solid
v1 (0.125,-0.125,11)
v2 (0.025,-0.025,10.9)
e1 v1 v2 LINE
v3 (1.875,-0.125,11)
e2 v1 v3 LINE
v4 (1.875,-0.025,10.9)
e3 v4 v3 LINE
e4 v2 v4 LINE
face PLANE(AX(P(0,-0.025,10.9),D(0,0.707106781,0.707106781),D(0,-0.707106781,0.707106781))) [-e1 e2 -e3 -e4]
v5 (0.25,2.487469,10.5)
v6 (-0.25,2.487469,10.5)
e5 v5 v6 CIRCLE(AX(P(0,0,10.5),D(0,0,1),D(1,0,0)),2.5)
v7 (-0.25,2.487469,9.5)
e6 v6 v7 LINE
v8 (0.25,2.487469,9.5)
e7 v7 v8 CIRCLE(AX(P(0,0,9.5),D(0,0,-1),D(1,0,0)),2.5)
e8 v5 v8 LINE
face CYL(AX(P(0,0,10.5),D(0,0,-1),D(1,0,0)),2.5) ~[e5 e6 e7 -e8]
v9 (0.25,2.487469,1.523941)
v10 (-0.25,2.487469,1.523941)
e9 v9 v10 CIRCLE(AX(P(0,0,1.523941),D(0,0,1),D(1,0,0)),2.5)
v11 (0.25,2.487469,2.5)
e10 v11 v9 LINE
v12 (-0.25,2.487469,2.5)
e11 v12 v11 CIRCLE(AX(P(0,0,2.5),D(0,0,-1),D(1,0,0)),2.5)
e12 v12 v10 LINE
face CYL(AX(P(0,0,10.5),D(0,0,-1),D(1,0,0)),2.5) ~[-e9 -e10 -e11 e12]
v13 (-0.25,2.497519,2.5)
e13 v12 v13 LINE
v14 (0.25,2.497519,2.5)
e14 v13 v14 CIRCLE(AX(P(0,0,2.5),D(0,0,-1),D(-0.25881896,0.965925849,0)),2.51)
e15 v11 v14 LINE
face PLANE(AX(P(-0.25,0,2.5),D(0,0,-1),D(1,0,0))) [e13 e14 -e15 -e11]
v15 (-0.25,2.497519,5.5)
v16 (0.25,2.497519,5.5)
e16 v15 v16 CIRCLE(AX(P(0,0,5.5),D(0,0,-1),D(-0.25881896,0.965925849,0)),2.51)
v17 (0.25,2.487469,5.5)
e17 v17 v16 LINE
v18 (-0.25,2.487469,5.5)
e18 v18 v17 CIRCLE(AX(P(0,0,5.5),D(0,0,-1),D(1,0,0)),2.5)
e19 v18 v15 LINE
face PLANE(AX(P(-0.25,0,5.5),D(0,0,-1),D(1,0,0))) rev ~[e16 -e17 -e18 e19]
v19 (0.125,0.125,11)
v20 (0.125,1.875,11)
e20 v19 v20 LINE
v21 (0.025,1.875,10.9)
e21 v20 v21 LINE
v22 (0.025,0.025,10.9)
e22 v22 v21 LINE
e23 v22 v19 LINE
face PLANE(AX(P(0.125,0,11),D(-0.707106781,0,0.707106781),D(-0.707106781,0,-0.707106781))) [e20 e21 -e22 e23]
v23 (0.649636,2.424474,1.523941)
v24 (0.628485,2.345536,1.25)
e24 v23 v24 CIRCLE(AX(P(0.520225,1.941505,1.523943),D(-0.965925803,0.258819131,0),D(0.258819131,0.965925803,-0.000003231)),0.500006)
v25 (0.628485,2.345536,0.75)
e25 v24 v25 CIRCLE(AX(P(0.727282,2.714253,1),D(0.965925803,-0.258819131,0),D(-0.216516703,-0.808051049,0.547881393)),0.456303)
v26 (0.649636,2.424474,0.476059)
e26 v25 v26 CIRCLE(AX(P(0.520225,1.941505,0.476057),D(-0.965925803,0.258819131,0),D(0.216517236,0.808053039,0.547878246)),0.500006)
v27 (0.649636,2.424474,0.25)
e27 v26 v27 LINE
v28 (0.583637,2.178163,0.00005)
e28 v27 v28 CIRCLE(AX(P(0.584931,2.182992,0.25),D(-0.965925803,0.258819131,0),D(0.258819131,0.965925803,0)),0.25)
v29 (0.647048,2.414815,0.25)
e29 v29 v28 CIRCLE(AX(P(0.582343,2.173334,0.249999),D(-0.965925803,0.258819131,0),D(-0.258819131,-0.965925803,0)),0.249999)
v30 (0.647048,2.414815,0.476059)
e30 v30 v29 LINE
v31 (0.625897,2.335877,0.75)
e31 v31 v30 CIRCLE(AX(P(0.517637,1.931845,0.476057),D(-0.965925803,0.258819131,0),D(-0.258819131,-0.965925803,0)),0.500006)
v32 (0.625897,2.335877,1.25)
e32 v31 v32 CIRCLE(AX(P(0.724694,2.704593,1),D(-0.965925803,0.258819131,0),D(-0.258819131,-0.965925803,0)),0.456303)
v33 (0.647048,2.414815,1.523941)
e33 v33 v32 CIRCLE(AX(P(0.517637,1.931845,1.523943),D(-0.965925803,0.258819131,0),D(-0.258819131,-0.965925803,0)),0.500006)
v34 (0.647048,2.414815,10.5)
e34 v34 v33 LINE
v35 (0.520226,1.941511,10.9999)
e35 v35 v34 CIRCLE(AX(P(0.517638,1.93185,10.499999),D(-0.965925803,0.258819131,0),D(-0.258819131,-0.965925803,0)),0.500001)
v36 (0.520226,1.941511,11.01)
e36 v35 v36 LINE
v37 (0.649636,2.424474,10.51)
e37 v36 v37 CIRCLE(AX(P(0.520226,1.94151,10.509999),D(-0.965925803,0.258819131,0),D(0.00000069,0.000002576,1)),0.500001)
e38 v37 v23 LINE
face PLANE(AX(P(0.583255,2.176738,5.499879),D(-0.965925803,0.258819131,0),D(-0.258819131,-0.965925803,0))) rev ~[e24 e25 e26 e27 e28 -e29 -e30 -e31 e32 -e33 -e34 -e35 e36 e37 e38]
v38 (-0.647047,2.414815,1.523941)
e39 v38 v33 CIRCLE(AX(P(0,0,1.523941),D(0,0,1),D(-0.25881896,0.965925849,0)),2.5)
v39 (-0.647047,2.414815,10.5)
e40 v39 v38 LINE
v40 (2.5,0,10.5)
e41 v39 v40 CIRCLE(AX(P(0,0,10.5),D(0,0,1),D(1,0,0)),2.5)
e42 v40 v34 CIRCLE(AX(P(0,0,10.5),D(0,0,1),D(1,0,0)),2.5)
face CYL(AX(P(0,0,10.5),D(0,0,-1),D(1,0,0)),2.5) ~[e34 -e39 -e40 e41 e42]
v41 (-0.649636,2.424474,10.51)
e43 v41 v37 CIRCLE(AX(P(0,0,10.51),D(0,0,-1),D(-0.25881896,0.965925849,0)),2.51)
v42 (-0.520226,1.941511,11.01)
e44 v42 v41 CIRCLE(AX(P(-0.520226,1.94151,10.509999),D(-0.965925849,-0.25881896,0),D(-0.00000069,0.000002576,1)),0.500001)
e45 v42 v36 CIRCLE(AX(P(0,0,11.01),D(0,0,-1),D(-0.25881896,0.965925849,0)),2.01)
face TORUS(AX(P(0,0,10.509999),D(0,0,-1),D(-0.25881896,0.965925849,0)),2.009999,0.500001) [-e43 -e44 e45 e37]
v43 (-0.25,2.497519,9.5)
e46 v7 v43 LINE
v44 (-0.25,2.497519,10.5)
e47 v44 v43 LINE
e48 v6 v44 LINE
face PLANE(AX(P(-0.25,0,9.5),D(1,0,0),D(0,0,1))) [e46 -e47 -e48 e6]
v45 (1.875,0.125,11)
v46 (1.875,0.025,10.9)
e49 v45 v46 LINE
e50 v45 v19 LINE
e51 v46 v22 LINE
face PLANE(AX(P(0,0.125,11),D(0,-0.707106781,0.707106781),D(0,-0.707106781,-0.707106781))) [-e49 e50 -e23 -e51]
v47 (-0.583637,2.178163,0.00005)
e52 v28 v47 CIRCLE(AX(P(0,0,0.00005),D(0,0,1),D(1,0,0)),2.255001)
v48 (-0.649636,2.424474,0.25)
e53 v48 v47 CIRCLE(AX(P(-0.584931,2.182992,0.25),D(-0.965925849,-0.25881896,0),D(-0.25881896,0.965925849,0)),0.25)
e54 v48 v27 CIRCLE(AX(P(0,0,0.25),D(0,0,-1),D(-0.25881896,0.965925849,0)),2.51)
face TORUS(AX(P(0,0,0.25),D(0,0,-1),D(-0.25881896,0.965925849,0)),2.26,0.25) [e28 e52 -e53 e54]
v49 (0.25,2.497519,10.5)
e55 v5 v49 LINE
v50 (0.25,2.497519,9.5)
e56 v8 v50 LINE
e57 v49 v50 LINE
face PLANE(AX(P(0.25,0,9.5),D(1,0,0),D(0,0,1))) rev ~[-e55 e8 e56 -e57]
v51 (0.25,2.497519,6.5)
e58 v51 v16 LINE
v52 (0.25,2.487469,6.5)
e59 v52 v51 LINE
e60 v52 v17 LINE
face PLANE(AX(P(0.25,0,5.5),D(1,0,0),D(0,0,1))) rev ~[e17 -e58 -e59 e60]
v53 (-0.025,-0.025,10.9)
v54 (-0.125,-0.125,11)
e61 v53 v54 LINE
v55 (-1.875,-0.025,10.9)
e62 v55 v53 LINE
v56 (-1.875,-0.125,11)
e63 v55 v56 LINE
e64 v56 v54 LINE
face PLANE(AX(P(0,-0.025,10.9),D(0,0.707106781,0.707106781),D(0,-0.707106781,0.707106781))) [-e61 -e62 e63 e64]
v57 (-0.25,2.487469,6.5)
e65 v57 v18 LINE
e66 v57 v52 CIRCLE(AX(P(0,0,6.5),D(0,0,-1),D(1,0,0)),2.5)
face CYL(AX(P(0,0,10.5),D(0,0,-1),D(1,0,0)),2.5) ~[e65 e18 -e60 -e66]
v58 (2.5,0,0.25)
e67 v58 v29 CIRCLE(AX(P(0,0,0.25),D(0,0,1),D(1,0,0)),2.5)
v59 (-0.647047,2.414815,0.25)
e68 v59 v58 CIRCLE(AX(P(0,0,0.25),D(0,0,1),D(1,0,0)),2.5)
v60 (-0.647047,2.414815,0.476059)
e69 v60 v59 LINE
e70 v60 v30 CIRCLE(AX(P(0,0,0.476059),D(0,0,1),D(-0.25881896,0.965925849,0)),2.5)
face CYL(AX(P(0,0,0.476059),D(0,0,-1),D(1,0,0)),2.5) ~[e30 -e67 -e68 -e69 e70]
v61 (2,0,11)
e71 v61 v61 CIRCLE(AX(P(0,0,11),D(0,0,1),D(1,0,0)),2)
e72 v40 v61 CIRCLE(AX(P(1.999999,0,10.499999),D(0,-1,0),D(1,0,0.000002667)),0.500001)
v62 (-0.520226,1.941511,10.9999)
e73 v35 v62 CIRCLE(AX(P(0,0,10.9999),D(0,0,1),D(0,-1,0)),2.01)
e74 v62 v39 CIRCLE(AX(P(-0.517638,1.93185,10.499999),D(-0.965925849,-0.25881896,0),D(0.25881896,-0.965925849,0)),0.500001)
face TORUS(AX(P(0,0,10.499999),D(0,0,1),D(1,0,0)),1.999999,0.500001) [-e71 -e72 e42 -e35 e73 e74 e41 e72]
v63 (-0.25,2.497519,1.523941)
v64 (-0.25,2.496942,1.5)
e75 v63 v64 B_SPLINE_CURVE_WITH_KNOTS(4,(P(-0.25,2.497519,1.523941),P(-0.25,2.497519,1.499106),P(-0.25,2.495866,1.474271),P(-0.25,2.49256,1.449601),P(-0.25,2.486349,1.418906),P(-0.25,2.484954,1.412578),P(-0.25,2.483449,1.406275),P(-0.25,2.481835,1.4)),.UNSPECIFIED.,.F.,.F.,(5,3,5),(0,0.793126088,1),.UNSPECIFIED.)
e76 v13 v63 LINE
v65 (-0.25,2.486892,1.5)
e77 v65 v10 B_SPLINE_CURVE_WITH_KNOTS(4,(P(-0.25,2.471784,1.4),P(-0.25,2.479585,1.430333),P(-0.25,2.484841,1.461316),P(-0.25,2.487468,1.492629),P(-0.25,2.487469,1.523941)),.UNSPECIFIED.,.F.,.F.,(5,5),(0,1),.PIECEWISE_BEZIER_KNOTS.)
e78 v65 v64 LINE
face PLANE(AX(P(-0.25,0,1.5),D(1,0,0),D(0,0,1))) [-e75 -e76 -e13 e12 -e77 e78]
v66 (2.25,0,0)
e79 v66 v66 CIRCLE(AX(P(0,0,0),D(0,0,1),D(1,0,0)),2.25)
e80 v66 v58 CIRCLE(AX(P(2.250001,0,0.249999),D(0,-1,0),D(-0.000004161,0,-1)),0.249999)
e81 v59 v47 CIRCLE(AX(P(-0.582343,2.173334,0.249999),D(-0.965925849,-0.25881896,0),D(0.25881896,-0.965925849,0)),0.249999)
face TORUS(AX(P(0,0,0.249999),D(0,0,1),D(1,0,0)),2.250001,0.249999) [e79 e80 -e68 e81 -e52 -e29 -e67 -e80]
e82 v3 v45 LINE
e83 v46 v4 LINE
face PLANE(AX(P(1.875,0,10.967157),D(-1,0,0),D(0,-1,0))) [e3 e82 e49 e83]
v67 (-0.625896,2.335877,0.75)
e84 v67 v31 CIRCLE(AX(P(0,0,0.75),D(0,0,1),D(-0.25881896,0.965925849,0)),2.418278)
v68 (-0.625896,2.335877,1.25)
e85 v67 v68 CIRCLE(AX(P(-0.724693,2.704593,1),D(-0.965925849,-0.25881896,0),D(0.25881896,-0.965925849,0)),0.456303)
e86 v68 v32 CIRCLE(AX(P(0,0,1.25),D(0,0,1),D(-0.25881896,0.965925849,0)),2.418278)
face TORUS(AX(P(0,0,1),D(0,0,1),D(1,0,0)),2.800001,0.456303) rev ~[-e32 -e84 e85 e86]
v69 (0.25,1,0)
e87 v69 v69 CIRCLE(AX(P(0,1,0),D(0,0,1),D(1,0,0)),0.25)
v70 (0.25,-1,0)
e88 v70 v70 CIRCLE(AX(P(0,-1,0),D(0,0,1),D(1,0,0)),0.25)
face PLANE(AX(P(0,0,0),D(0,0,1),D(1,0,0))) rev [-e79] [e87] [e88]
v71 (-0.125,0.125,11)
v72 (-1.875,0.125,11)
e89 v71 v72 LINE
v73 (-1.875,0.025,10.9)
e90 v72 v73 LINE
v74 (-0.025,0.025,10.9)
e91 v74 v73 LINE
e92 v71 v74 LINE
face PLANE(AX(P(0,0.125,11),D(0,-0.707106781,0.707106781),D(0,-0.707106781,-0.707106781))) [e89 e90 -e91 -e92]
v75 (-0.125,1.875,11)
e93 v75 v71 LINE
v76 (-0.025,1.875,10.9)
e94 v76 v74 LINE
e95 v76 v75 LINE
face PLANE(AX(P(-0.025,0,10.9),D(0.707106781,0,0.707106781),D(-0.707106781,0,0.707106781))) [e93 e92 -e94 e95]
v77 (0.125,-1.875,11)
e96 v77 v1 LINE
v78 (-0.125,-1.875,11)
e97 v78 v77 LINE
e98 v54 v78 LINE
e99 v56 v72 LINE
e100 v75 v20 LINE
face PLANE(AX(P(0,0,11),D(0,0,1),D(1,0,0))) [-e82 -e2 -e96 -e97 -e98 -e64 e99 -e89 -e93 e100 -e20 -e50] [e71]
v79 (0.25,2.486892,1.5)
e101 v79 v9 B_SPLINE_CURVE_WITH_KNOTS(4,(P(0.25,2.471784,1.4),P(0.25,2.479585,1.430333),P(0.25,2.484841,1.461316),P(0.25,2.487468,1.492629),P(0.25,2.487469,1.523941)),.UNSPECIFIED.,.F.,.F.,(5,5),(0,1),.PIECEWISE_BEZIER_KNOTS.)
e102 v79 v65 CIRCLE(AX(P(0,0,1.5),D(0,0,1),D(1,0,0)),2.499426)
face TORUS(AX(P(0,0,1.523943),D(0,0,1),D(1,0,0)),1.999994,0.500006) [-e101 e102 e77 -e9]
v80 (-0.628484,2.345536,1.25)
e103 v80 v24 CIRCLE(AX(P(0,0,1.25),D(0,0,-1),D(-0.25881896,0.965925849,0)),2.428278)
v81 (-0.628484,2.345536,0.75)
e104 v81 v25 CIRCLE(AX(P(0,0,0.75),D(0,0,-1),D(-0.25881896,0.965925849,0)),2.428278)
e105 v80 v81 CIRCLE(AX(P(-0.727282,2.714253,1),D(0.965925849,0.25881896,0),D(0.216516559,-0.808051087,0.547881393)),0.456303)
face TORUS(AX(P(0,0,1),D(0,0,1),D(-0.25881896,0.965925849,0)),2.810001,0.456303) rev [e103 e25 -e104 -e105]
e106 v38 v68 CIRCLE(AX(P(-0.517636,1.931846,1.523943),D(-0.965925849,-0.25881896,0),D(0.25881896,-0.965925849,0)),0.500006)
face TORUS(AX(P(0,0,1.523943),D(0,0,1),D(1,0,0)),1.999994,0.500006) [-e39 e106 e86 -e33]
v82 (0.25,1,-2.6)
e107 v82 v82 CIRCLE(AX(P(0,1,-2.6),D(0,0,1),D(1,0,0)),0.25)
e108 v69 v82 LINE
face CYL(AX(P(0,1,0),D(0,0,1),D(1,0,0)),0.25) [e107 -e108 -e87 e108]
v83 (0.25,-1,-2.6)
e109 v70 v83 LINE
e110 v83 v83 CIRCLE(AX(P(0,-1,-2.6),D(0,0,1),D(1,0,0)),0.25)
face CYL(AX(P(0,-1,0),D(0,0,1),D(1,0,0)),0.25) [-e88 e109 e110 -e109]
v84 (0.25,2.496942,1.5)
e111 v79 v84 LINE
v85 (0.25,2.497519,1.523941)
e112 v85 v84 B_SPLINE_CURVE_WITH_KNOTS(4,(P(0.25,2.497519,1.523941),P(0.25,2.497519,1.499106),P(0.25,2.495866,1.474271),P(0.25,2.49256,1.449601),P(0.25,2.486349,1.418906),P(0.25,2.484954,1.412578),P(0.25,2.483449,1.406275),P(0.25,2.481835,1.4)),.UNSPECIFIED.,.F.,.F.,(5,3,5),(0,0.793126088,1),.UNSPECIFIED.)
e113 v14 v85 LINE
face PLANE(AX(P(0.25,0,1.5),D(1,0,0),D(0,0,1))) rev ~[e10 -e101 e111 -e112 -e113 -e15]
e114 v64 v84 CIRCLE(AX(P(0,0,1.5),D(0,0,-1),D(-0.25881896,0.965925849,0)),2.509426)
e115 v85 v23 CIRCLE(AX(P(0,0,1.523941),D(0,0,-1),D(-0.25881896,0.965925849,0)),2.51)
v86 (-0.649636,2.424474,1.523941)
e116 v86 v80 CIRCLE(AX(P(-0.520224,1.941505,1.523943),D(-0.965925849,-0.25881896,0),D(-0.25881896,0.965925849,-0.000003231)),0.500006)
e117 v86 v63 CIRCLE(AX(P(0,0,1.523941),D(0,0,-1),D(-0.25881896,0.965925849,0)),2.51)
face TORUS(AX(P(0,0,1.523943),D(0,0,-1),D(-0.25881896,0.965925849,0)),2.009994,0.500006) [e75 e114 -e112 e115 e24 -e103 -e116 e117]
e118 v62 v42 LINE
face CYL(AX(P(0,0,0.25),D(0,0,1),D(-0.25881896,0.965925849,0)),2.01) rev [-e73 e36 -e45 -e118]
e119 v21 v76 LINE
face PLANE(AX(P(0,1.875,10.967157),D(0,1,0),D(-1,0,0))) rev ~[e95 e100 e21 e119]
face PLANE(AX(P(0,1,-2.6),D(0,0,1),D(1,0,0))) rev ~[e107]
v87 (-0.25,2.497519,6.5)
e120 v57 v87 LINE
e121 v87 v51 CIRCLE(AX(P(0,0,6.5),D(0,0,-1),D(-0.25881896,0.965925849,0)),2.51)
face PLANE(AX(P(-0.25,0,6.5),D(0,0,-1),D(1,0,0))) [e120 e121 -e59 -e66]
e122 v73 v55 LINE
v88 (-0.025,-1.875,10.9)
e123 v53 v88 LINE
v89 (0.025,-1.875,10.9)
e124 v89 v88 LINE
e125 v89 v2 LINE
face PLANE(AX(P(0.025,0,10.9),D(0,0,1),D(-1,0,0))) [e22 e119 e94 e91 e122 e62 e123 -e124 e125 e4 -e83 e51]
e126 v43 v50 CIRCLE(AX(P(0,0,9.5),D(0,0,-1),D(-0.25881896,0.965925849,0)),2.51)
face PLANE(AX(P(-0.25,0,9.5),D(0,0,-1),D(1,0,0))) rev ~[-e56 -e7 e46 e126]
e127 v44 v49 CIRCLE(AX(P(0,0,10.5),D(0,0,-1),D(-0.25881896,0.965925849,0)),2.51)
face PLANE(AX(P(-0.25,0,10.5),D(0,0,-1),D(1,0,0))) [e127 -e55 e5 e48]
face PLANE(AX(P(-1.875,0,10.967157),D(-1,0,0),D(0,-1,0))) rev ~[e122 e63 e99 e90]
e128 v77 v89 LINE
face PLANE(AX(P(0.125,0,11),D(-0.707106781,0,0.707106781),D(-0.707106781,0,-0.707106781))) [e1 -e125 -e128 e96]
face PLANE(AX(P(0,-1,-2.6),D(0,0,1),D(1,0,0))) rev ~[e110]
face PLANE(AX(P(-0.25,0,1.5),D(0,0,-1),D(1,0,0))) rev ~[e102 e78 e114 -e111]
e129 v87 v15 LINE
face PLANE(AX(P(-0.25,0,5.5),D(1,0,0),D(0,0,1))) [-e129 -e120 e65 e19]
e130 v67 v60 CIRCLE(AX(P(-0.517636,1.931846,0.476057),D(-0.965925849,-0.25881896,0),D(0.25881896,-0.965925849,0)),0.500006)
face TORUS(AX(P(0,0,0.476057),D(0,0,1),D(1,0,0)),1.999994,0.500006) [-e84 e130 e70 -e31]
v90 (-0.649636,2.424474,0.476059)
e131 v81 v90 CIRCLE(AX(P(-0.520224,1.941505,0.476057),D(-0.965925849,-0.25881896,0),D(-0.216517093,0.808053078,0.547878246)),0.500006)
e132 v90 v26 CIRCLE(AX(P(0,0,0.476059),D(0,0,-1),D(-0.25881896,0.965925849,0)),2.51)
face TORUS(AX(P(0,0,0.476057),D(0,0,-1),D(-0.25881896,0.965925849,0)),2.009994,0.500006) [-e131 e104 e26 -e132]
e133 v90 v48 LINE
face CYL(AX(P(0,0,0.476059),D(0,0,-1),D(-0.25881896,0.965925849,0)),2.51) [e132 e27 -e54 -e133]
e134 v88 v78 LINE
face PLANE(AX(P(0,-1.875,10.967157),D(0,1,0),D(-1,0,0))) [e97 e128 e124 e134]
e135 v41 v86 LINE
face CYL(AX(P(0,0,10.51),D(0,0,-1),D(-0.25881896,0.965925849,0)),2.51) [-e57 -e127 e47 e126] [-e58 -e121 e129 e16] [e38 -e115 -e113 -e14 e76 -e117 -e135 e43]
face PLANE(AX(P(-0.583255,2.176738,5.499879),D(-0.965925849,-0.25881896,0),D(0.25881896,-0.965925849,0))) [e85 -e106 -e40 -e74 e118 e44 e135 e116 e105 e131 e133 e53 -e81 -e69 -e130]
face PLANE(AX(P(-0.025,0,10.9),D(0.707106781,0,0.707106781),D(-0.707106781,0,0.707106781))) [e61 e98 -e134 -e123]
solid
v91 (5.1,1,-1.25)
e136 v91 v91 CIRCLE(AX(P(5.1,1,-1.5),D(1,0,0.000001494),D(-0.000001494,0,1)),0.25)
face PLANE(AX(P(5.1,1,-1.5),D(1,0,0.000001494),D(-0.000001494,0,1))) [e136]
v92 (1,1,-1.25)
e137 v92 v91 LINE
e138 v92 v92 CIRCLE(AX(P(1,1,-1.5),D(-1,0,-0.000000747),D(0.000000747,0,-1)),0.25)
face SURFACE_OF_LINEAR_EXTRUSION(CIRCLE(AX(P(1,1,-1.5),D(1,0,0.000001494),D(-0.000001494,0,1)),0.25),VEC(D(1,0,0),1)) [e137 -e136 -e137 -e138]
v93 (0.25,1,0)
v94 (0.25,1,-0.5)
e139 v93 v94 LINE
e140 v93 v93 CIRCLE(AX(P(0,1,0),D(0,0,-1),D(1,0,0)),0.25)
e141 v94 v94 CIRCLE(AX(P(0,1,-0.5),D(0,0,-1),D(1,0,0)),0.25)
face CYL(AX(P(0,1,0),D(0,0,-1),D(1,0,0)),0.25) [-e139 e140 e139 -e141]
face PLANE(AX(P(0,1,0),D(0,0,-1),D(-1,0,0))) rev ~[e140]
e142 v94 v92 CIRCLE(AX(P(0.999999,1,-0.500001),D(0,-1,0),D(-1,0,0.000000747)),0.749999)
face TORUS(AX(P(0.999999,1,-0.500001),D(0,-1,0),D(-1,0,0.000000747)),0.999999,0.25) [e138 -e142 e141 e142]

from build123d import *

# Parameters (mm, degrees)
SKETCH003_R         = 0.25
REVOLUTION001_ANGLE = -30
SKETCH015_W         = 0.5
SKETCH015_H         = 1
POCKET002_DEPTH     = 2.511
LINEARPATTERN_COUNT = 3
LINEARPATTERN_PITCH = 4
SKETCH010_R         = 0.25
PAD002_DEPTH        = 2.6
SKETCH013_R         = 2
PAD_DEPTH           = 0.5
POCKET001_DEPTH     = 1.875
POLARPATTERN_COUNT  = 3
POLARPATTERN_ANGLE  = 180
SKETCH012_R         = 2
POCKET_DEPTH        = 0.5


with BuildPart() as leadangledclone:
    # AdditivePipe: sweep along a path in Sketch004
    with BuildLine(Plane.XZ) as additivepipe_path:
        Line((0, 0), (0, -0.5))
        ThreePointArc((0, -0.5), (0.292893, -1.207107), (1, -1.5))
        Line((1, -1.5), (5.1, -1.5))
    # Sketch003 (on ShapeBinder) → AdditivePipe (sweep)
    with BuildSketch(Plane(origin=(0, 0, 0), x_dir=(1, 0, 0), z_dir=(0, 0, -1))):
        with Locations((0, 1)):
            Circle(SKETCH003_R)
    sweep(path=additivepipe_path.line)


with BuildPart() as leadangledclone_1:
    # Body003 placement: moved
    add(leadangledclone.part.moved(Location((0, 2, 0))))


with BuildPart() as polaritymarking:
    # Sketch005 → Revolution001 (revolve)
    with BuildSketch(Plane(origin=(0, 0, 0), x_dir=(-0.258819, 0.965926, 0), z_dir=(0.965926, 0.258819, 0))):
        with BuildLine():
            Line((2.01, 0.25), (2.01, 11.01))
            ThreePointArc((2.01, 11.01), (2.363553, 10.863553), (2.51, 10.51))
            Line((2.51, 10.51), (2.51, 1.523941))
            ThreePointArc((2.51, 1.523941), (2.489134, 1.381006), (2.428278, 1.25))
            ThreePointArc((2.428278, 1.25), (2.353698, 1), (2.428278, 0.75))
            ThreePointArc((2.428278, 0.75), (2.489134, 0.618994), (2.51, 0.476059))
            Line((2.51, 0.476059), (2.51, 0.25))
            ThreePointArc((2.51, 0.25), (2.26, 0), (2.01, 0.25))
        make_face()
    revolve(axis=Axis((0, 0, 0), (0, 0, 1)), revolution_arc=REVOLUTION001_ANGLE)

    # Sketch015 → Pocket002 (cut, through all)
    with BuildSketch(Plane.XZ):
        with Locations((0, 2)):
            Rectangle(SKETCH015_W, SKETCH015_H)
    pocket002 = extrude(amount=-POCKET002_DEPTH, mode=Mode.SUBTRACT)

    # LinearPattern: Pocket002 ×3
    with Locations(*[(0, 0, i * LINEARPATTERN_PITCH) for i in range(1, LINEARPATTERN_COUNT)]):
        add(pocket002, mode=Mode.SUBTRACT)


with BuildPart() as leadstraight:
    # Sketch010 → Pad002 (new body)
    with BuildSketch(Plane(origin=(0, 1, 0), x_dir=(1, 0, 0), z_dir=(0, 0, 1))):
        Circle(SKETCH010_R)
    extrude(amount=-PAD002_DEPTH)


with BuildPart() as leadstraightclone:
    # Body007 base: copy of LeadStraight
    add(leadstraight.part)


with BuildPart() as leadstraightclone_1:
    # Body007 placement: moved
    add(leadstraightclone.part.moved(Location((0, -2, 0))))


with BuildPart() as housingtop:
    # Sketch013 (on ShapeBinder) → Pad (new body)
    with BuildSketch(Plane.XY.offset(10.5)):
        Circle(SKETCH013_R)
    extrude(amount=PAD_DEPTH)

    # Sketch014 → Pocket001 (cut, symmetric)
    with BuildSketch(Plane.XZ):
        Polygon((-0.125, 11), (0.125, 11), (0.025, 10.9), (-0.025, 10.9), align=None)
    pocket001 = extrude(amount=POCKET001_DEPTH, both=True, mode=Mode.SUBTRACT)

    # PolarPattern: Pocket001 ×3 about axis
    polarpattern_axis = Axis((0, 0, 0), (0, 0, 1))
    for i in range(1, POLARPATTERN_COUNT):
        add(pocket001.rotate(polarpattern_axis, i * POLARPATTERN_ANGLE / (POLARPATTERN_COUNT - 1)), mode=Mode.SUBTRACT)


with BuildPart() as fusion:
    # Sketch → Revolution (revolve)
    with BuildSketch(Plane.XZ):
        with BuildLine():
            Line((0, 11), (2, 11))
            ThreePointArc((2.5, 10.5), (2.353553, 10.853553), (2, 11))
            Line((2.5, 10.5), (2.5, 1.523941))
            ThreePointArc((2.418278, 1.25), (2.479134, 1.381006), (2.5, 1.523941))
            ThreePointArc((2.418278, 1.25), (2.343698, 1), (2.418278, 0.75))
            ThreePointArc((2.5, 0.476059), (2.479134, 0.618994), (2.418278, 0.75))
            Line((2.5, 0.476059), (2.5, 0.25))
            ThreePointArc((2.25, 0), (2.426777, 0.073223), (2.5, 0.25))
            Line((0, 0), (2.25, 0))
            Line((0, 11), (0, 0))
        make_face()
    revolve(axis=Axis((0, 0, 0), (0, 0, 1)))

    # Sketch012 → Pocket (cut)
    with BuildSketch(Plane.XY.offset(11)):
        Circle(SKETCH012_R)
    extrude(amount=-POCKET_DEPTH, mode=Mode.SUBTRACT)

    # Fusion: union PolarityMarking, LeadStraight, LeadStraightClone, HousingTop
    add(polaritymarking.part)
    add(leadstraight.part)
    add(leadstraightclone_1.part)
    add(housingtop.part)


solid = Compound([leadangledclone_1.part, fusion.part])
